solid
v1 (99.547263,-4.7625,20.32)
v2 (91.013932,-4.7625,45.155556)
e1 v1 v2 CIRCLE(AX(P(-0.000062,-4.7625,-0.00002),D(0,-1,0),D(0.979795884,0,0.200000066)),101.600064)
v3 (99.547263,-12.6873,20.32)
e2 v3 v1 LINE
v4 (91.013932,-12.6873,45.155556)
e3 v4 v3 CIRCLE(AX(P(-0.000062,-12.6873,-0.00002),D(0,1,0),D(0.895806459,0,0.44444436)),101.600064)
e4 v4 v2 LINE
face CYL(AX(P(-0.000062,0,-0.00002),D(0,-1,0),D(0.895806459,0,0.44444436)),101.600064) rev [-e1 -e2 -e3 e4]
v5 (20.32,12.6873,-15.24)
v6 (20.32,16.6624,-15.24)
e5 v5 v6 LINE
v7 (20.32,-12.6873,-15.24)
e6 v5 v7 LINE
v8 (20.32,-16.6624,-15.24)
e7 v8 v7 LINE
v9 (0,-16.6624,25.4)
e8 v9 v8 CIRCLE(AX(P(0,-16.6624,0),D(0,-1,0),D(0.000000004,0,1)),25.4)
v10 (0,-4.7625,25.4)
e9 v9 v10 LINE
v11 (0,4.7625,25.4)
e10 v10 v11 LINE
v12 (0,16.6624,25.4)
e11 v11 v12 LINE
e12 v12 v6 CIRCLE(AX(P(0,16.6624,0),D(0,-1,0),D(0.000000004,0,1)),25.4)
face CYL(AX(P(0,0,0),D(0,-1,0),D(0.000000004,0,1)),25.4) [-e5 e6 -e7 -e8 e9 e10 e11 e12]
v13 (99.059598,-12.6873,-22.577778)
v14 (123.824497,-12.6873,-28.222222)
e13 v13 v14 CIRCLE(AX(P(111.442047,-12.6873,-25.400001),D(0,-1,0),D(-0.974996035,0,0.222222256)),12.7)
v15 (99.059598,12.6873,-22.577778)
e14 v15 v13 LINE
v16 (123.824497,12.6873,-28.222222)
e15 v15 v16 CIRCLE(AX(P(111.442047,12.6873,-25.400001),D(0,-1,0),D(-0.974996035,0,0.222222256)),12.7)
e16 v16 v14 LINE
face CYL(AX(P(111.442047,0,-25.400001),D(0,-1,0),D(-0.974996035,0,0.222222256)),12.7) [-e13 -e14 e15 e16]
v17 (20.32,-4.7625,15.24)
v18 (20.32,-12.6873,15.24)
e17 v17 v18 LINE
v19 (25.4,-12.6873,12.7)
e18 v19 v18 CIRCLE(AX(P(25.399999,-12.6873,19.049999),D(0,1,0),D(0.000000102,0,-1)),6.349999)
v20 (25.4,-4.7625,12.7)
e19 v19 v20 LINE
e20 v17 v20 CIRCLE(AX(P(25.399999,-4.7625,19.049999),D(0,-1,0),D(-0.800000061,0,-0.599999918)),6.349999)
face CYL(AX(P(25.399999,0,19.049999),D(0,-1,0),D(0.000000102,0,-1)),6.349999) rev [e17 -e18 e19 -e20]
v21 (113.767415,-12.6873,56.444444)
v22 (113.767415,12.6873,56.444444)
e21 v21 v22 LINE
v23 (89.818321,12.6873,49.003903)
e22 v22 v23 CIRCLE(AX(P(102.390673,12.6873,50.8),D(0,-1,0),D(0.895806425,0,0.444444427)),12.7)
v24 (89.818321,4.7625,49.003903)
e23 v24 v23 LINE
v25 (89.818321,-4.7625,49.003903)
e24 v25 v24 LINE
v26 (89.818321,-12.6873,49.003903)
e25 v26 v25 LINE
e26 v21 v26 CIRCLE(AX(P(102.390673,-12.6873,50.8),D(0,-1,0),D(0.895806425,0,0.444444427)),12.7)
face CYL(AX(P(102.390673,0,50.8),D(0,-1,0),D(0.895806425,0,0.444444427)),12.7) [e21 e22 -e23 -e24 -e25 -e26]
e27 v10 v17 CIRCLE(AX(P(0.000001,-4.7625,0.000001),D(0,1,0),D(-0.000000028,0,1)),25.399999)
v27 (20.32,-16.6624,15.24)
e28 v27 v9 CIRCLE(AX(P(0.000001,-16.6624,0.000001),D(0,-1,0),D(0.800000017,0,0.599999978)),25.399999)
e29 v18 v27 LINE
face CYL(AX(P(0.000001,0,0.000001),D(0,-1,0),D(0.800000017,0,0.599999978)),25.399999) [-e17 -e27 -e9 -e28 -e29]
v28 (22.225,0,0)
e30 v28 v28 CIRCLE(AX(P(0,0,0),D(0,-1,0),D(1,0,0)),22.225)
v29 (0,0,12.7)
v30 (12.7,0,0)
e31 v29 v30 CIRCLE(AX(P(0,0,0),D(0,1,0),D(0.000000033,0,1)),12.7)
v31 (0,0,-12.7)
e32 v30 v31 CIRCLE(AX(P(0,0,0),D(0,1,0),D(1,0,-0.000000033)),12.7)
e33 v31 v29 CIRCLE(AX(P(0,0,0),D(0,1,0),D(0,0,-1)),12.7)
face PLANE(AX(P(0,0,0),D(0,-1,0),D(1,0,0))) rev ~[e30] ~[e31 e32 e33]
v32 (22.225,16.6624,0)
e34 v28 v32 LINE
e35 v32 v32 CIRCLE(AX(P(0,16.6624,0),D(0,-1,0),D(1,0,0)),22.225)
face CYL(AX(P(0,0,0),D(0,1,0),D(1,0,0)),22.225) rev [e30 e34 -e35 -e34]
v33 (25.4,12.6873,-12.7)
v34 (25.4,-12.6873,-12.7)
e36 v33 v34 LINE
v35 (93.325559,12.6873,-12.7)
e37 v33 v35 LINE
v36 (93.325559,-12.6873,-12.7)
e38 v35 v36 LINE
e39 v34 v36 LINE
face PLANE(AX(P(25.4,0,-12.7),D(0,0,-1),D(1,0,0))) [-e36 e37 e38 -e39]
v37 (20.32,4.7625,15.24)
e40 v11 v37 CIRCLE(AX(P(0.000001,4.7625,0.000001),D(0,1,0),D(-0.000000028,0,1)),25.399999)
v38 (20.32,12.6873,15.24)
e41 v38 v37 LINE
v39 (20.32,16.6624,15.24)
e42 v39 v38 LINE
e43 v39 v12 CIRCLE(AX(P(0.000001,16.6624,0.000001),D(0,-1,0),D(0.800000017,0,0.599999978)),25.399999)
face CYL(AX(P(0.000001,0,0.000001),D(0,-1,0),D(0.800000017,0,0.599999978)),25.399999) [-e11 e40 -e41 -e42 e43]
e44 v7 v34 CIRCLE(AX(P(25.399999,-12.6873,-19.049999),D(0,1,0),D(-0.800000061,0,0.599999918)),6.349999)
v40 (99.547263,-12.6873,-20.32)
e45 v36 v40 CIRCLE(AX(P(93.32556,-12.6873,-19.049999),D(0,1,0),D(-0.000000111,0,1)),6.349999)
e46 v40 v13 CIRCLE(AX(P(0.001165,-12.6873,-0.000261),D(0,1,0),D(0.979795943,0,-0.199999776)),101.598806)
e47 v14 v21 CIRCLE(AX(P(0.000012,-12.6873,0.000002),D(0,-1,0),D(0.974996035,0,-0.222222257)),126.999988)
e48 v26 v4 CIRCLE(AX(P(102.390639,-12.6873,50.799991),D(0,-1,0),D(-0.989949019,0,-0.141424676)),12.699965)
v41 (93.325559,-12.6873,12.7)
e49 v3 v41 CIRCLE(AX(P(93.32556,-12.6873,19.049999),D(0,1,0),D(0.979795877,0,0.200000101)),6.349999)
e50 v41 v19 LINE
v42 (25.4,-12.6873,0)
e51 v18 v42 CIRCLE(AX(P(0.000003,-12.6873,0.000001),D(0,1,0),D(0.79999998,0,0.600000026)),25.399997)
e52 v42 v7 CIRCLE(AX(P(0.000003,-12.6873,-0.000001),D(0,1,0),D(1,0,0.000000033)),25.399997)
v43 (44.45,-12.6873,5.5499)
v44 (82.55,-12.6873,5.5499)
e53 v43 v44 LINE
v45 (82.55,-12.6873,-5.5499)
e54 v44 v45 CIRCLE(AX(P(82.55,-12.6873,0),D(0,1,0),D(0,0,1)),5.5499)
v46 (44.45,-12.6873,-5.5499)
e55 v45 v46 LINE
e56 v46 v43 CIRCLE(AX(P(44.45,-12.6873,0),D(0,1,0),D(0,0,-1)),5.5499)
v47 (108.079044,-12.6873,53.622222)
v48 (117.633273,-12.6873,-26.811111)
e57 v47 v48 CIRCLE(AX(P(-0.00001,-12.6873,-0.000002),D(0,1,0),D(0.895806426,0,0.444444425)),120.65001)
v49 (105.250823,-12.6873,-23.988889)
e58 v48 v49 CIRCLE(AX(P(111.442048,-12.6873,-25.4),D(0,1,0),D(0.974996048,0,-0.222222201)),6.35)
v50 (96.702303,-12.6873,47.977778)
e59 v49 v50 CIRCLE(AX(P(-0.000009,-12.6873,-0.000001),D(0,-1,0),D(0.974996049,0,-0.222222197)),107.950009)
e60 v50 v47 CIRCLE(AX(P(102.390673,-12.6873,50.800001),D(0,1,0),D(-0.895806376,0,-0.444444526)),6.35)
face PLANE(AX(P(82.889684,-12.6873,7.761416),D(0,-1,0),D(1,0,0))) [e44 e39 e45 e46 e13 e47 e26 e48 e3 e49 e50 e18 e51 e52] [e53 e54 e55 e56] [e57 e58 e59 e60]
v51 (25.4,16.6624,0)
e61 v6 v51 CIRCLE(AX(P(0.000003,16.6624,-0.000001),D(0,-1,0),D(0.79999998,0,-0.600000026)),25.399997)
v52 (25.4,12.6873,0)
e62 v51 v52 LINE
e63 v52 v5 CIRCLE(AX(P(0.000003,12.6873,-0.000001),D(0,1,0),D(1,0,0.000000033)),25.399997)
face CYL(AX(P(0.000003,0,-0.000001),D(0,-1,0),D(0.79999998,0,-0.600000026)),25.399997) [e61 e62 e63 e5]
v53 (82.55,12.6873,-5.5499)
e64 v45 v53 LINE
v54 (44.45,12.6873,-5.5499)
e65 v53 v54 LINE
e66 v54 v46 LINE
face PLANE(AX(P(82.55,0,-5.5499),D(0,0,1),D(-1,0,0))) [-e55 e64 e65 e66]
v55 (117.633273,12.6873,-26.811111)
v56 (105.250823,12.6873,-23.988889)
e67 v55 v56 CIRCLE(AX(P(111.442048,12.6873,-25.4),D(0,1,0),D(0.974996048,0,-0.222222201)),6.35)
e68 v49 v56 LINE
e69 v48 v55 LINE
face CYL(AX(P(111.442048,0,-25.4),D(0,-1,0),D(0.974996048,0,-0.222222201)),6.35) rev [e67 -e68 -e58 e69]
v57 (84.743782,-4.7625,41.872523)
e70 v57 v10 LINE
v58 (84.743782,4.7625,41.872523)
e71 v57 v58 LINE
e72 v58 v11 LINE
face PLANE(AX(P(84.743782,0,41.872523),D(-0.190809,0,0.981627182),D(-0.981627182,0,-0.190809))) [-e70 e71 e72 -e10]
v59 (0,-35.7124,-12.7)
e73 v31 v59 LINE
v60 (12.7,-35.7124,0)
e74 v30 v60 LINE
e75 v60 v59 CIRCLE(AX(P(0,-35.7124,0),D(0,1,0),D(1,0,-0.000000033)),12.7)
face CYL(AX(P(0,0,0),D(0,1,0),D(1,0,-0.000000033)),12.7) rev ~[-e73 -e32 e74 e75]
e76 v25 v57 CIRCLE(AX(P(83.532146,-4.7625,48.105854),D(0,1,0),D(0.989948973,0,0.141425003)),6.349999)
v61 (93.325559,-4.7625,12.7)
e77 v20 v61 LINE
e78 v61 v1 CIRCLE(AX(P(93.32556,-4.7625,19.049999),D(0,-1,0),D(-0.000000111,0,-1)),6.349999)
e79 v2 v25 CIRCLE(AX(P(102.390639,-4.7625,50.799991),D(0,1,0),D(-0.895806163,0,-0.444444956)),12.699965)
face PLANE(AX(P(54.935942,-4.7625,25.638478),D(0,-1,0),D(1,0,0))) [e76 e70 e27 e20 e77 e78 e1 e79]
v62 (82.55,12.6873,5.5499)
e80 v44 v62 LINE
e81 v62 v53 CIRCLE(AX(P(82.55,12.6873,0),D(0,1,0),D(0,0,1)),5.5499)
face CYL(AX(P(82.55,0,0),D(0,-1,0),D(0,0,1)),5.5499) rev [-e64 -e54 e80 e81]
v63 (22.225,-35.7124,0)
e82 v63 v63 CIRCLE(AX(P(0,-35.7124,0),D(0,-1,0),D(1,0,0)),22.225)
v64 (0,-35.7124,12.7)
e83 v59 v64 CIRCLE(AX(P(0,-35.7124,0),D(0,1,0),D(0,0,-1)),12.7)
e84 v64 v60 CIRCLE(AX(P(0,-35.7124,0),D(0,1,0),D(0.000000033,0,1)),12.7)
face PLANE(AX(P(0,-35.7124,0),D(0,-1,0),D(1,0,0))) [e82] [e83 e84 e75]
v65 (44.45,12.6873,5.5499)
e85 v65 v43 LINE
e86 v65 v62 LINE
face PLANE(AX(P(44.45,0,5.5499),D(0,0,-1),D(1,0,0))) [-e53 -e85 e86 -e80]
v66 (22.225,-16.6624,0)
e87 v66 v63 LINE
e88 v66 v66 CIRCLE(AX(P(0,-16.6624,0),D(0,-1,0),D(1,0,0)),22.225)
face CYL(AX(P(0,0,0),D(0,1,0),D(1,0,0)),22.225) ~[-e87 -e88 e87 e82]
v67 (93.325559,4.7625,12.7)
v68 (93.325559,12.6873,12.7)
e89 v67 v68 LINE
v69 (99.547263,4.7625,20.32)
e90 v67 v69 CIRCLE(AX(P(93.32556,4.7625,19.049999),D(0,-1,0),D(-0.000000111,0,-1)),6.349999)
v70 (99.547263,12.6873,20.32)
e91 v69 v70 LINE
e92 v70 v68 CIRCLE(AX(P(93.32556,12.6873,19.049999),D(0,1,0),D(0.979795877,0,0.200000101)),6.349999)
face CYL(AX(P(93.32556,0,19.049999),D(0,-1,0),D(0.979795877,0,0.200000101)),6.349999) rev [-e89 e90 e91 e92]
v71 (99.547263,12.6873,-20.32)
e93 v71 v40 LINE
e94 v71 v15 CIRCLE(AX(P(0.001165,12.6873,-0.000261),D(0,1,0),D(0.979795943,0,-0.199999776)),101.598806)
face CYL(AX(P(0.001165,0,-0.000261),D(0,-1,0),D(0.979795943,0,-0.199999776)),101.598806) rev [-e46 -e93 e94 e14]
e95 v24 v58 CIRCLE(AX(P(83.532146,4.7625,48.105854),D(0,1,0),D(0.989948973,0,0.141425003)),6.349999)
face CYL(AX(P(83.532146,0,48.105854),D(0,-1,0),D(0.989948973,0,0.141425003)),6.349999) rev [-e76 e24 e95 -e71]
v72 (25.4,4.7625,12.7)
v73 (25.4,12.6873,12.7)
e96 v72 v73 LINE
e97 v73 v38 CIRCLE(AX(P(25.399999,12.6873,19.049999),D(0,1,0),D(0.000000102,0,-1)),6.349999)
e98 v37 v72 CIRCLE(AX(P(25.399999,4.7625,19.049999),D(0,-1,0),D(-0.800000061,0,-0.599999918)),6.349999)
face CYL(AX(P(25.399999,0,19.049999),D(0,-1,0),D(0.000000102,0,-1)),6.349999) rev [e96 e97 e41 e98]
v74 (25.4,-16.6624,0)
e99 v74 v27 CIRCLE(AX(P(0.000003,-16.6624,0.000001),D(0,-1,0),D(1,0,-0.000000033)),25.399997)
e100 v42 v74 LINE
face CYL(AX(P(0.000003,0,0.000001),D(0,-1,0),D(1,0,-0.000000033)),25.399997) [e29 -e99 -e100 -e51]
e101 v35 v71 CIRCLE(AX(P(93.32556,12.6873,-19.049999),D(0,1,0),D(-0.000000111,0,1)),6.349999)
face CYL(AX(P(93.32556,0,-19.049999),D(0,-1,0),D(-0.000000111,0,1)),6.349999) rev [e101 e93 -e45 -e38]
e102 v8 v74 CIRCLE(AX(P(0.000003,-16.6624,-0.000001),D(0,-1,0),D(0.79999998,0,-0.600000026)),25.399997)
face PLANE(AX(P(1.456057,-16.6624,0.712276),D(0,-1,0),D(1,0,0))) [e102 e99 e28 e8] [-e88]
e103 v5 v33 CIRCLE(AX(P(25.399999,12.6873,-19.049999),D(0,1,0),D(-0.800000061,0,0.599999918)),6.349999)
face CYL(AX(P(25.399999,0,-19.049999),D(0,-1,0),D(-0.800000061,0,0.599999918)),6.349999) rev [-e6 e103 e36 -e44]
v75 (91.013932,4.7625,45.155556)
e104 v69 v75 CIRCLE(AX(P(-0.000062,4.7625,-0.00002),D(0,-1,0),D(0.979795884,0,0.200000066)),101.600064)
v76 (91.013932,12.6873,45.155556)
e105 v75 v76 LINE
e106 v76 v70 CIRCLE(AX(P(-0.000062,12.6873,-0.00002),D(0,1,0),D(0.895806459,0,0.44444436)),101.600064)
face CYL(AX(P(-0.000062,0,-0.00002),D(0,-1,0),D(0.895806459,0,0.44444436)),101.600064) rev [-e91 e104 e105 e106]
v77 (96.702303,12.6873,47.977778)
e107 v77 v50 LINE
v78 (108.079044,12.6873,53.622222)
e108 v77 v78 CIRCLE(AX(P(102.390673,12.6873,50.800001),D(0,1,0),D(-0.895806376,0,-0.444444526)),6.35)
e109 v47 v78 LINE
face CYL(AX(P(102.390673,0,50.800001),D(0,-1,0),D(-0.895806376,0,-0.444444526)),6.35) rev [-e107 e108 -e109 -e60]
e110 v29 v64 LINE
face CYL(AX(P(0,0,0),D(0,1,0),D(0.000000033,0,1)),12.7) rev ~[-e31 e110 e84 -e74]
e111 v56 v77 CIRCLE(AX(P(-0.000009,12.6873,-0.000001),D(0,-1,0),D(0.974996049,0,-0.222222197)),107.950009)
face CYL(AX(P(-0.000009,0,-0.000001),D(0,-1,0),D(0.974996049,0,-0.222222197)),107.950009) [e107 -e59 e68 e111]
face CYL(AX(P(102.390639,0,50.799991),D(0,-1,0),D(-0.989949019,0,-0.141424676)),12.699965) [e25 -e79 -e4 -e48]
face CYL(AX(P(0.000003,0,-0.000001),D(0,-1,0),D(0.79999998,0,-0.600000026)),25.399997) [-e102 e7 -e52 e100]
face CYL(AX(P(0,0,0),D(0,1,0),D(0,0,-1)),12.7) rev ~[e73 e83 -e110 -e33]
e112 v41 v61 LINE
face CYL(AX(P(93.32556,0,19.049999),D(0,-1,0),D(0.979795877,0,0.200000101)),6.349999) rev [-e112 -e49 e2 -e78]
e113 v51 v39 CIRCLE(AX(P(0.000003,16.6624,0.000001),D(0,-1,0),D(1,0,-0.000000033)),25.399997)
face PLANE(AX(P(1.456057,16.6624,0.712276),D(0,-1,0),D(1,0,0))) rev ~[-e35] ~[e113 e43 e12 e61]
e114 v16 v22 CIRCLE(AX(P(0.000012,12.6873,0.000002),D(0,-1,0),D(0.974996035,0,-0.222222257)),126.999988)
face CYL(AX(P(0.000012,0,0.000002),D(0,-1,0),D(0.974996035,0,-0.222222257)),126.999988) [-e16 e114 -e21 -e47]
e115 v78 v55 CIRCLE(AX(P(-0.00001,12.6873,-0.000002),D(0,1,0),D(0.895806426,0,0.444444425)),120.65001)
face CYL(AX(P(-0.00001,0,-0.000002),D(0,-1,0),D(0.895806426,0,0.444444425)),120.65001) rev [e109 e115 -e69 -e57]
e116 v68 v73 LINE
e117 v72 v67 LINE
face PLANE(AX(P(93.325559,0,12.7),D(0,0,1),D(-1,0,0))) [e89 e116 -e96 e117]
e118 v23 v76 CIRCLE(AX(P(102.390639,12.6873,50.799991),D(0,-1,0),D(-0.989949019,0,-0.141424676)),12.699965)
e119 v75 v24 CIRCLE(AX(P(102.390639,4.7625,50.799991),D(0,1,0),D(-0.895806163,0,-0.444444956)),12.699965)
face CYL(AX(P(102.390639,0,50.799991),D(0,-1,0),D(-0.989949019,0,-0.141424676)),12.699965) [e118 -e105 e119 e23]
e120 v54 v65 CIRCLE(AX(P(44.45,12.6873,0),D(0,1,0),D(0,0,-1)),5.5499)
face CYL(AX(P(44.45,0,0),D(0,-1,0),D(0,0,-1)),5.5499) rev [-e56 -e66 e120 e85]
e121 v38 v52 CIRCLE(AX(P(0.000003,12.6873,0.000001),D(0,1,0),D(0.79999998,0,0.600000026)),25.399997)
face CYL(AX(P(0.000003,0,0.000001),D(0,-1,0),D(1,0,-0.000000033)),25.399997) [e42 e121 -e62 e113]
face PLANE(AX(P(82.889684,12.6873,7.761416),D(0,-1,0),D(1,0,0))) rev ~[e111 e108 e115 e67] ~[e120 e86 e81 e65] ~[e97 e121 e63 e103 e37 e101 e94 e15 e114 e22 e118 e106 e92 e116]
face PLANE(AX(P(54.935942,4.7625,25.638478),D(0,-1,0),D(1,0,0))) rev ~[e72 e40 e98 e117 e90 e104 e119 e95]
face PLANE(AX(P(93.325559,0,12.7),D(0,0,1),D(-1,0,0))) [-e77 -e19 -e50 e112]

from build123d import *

# Parameters (mm, degrees)
F0_R     = 22.225
F1_DEPTH = 35.7124
F2_DEPTH = 16.6624
F3_DEPTH = 4.7625
F4_DEPTH = 12.6873


with BuildPart() as f1:
    # F0 (on Front) → F1 (new body)
    with BuildSketch(Plane.XZ):
        Circle(F0_R)
        with BuildLine():
            ThreePointArc((0, 12.7), (8.980256, 8.980256), (12.7, 0))
            ThreePointArc((12.7, 0), (8.980256, -8.980256), (0, -12.7))
            ThreePointArc((0, -12.7), (-12.7, 0), (0, 12.7))
        make_face(mode=Mode.SUBTRACT)
    extrude(amount=F1_DEPTH)

    # F0 (on Front) → F2 (join, symmetric)
    with BuildSketch(Plane.XZ):
        with BuildLine():
            ThreePointArc((20.32, -15.24), (24.096556, -8.032185), (25.4, 0))
            ThreePointArc((25.4, 0), (24.096556, 8.032185), (20.32, 15.24))
            ThreePointArc((20.32, 15.24), (11.359225, 22.718451), (0, 25.4))
            ThreePointArc((0, 25.4), (-22.718451, -11.359225), (20.32, -15.24))
        make_face()
        Circle(F0_R, mode=Mode.SUBTRACT)
    extrude(amount=F2_DEPTH, both=True)

    # F0 (on Front) → F3 (join, symmetric)
    with BuildSketch(Plane.XZ):
        with BuildLine():
            ThreePointArc((0, 25.4), (11.359225, 22.718451), (20.32, 15.24))
            ThreePointArc((20.32, 15.24), (22.560194, 13.370387), (25.4, 12.7))
            Line((25.4, 12.7), (93.325559, 12.7))
            ThreePointArc((93.325559, 12.7), (98.244248, 15.033907), (99.547263, 20.32))
            ThreePointArc((99.547263, 20.32), (96.086385, 33.014641), (91.013932, 45.155556))
            ThreePointArc((91.013932, 45.155556), (90.262515, 47.032005), (89.818321, 49.003903))
            ThreePointArc((89.818321, 49.003903), (88.705969, 44.424273), (84.743782, 41.872523))
            Line((84.743782, 41.872523), (0, 25.4))
        make_face()
    extrude(amount=F3_DEPTH, both=True)

    # F0 (on Front) → F4 (join, symmetric)
    with BuildSketch(Plane.XZ):
        with BuildLine():
            ThreePointArc((20.32, 15.24), (24.096556, 8.032185), (25.4, 0))
            ThreePointArc((25.4, 0), (24.096556, -8.032185), (20.32, -15.24))
            ThreePointArc((20.32, -15.24), (22.560194, -13.370387), (25.4, -12.7))
            Line((25.4, -12.7), (93.325559, -12.7))
            ThreePointArc((93.325559, -12.7), (98.244248, -15.033907), (99.547263, -20.32))
            ThreePointArc((99.547263, -20.32), (99.309847, -21.450275), (99.059598, -22.577778))
            ThreePointArc((99.059598, -22.577778), (108.619825, -37.78245), (123.824497, -28.222222))
            ThreePointArc((123.824497, -28.222222), (126.113403, 14.98031), (113.767415, 56.444444))
            ThreePointArc((113.767415, 56.444444), (98.622679, 62.928158), (89.818321, 49.003903))
            ThreePointArc((89.818321, 49.003903), (90.262515, 47.032005), (91.013932, 45.155556))
            ThreePointArc((91.013932, 45.155556), (96.086385, 33.014641), (99.547263, 20.32))
            ThreePointArc((99.547263, 20.32), (98.244248, 15.033907), (93.325559, 12.7))
            Line((93.325559, 12.7), (25.4, 12.7))
            ThreePointArc((25.4, 12.7), (22.560194, 13.370387), (20.32, 15.24))
        make_face()
        with BuildLine():
            ThreePointArc((44.45, -5.5499), (38.9001, 0), (44.45, 5.5499))
            Line((44.45, 5.5499), (82.55, 5.5499))
            ThreePointArc((82.55, 5.5499), (88.0999, 0), (82.55, -5.5499))
            Line((82.55, -5.5499), (44.45, -5.5499))
        make_face(mode=Mode.SUBTRACT)
        with BuildLine():
            ThreePointArc((96.702303, 47.977778), (99.568451, 56.488371), (108.079044, 53.622222))
            ThreePointArc((108.079044, 53.622222), (119.807732, 14.231294), (117.633273, -26.811111))
            ThreePointArc((117.633273, -26.811111), (110.030937, -31.591225), (105.250823, -23.988889))
            ThreePointArc((105.250823, -23.988889), (107.196392, 12.733263), (96.702303, 47.977778))
        make_face(mode=Mode.SUBTRACT)
    extrude(amount=F4_DEPTH, both=True)


solid = f1.part
